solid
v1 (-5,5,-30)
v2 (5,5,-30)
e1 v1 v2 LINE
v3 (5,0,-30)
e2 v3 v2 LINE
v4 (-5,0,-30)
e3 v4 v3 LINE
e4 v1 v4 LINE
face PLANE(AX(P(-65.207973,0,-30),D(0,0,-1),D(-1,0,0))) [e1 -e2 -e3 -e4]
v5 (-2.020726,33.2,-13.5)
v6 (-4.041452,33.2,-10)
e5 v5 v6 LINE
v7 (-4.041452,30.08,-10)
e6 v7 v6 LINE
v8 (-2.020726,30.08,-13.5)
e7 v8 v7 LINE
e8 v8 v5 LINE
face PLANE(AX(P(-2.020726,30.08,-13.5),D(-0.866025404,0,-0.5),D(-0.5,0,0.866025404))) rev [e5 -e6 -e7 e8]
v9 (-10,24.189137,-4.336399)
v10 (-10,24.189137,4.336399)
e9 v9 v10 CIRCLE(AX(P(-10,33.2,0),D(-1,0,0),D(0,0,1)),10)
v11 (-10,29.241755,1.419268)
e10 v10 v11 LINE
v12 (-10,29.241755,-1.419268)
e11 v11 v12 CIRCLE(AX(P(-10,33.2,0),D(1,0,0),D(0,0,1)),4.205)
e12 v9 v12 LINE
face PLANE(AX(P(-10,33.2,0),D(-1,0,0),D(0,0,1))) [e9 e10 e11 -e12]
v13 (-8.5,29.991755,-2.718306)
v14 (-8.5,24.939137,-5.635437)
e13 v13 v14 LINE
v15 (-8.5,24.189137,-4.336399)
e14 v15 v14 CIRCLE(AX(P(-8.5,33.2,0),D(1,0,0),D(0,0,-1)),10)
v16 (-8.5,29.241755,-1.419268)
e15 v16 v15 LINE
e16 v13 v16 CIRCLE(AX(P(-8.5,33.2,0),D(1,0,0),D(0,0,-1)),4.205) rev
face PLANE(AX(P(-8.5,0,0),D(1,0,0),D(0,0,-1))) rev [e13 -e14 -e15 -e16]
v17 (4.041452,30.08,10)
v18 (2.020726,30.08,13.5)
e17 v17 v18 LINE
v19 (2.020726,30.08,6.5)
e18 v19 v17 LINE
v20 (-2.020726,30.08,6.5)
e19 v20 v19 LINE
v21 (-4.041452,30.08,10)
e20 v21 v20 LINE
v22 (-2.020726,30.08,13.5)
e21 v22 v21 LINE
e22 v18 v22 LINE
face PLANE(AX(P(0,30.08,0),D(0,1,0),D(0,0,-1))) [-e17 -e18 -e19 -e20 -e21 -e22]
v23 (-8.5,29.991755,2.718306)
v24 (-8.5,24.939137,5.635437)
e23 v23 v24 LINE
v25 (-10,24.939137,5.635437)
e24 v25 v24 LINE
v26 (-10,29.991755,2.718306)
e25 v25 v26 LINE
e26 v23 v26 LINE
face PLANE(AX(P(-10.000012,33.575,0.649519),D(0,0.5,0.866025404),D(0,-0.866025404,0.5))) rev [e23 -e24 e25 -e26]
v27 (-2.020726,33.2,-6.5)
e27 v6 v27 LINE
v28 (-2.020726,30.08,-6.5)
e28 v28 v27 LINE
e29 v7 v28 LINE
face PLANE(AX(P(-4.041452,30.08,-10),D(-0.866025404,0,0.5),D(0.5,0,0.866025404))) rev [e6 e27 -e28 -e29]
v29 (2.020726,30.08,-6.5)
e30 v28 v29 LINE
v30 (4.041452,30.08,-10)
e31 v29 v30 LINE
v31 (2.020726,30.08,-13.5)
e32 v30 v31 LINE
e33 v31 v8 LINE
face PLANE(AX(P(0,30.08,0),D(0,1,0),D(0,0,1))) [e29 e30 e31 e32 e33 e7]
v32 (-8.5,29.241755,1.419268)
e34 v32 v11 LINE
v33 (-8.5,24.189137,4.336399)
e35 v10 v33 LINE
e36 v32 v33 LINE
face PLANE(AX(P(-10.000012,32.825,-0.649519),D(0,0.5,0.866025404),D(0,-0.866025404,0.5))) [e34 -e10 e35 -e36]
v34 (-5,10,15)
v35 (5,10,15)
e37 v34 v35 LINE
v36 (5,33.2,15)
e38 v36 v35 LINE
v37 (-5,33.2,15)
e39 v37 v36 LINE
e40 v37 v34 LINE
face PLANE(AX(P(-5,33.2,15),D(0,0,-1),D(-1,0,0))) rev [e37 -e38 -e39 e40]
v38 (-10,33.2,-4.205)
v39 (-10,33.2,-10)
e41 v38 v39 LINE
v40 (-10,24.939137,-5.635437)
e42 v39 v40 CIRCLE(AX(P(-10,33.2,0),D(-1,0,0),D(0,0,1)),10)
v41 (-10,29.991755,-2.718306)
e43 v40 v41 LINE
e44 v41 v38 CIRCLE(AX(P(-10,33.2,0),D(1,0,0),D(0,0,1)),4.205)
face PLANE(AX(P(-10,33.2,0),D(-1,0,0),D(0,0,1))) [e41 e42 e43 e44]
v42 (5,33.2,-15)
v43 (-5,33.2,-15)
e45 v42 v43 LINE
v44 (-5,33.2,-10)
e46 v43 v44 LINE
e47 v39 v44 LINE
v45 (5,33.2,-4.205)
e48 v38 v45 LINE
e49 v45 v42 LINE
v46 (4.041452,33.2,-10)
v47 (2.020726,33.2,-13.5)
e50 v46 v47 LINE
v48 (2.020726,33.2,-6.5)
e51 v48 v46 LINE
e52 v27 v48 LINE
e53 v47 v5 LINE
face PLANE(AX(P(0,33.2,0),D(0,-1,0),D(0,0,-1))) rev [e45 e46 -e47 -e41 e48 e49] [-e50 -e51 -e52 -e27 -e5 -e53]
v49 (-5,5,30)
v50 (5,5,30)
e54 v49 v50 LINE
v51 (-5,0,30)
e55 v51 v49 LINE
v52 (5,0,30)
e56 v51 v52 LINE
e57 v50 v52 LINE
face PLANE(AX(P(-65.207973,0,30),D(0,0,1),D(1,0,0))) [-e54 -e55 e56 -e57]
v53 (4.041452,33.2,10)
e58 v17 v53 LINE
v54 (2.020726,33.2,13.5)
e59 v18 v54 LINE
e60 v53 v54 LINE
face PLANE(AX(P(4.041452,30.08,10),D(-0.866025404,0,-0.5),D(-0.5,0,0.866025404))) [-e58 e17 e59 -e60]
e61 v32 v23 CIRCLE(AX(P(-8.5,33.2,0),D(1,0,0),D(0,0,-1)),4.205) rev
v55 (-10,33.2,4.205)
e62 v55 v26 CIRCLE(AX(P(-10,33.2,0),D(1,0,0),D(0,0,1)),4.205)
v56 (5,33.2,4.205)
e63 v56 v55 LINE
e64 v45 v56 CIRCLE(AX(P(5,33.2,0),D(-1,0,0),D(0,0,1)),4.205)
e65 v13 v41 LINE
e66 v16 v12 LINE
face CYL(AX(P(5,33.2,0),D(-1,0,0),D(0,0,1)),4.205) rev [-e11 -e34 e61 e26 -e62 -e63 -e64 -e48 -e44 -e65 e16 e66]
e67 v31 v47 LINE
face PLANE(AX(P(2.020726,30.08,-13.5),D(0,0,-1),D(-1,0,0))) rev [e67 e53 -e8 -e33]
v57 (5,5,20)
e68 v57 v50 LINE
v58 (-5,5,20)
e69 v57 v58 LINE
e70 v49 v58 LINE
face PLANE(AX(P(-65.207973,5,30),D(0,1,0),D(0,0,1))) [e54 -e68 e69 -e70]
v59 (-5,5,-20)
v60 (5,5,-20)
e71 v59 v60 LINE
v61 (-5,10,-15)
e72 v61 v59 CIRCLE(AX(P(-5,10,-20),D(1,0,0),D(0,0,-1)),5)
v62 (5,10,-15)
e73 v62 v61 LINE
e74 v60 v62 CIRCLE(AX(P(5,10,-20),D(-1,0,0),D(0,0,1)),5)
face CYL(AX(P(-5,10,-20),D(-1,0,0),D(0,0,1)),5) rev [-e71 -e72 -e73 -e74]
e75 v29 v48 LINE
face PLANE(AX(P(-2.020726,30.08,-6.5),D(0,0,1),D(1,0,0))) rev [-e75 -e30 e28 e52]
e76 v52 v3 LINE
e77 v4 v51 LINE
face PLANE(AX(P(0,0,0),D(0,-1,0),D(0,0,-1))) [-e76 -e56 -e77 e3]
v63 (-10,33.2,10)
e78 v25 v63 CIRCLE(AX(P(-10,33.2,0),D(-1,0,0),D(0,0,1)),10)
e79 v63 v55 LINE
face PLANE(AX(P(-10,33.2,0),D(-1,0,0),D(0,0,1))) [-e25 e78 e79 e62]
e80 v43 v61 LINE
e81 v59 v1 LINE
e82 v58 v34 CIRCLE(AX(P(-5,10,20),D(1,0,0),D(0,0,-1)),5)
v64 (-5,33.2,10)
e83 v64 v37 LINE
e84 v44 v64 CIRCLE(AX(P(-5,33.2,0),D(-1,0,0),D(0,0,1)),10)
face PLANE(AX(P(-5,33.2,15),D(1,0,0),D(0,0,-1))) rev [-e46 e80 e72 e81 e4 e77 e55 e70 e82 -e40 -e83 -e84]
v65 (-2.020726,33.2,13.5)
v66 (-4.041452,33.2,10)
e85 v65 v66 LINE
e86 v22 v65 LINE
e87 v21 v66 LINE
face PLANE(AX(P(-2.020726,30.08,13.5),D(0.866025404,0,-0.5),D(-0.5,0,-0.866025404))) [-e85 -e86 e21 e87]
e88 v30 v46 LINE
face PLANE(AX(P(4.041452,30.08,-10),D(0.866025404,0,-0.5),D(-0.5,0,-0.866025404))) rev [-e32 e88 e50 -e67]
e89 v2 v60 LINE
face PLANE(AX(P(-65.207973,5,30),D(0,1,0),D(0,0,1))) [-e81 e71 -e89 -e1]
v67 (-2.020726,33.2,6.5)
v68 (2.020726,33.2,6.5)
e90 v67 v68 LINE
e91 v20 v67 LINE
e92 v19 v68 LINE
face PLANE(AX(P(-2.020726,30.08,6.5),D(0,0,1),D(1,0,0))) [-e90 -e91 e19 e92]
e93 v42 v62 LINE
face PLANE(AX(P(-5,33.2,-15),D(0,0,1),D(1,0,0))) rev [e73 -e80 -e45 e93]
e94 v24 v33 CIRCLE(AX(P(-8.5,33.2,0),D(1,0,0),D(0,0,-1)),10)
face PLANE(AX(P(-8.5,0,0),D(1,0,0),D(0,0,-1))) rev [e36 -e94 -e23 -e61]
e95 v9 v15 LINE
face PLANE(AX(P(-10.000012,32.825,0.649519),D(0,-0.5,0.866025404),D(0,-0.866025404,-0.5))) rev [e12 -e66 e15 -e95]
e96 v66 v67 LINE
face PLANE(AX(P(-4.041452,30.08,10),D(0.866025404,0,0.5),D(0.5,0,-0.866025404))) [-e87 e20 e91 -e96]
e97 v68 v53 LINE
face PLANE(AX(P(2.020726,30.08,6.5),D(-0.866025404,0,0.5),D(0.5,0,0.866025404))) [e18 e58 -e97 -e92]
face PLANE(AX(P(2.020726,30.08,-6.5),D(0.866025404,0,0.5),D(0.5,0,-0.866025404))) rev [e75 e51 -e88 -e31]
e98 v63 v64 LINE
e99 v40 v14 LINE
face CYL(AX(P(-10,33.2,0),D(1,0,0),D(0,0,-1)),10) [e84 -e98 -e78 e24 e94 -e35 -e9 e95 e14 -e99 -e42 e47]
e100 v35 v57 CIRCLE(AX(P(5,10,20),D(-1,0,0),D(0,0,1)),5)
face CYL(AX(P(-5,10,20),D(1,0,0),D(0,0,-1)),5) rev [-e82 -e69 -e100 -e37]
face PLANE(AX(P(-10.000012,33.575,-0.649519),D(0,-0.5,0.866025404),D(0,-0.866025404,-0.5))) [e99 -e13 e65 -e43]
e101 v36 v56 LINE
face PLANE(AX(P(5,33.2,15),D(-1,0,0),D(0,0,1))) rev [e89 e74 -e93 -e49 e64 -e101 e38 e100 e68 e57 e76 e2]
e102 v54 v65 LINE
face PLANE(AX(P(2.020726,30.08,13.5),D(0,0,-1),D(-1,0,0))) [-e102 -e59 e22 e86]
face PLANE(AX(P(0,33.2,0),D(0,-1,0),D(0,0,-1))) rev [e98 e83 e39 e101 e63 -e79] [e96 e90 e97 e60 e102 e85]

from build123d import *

# Parameters (mm, degrees)
SKETCH1_W                    = 10
SKETCH1_H                    = 30
BOSS_EXTRUDE1_DEPTH          = 33.2
SKETCH2_R                    = 4.205
CUT_EXTRUDE1_DEPTH           = 38.778830051
CUT_EXTRUDE2_DEPTH           = 3.12
SKETCH4_W                    = 60
SKETCH4_H                    = 5
BOSS_EXTRUDE2_DEPTH          = 10
FILLET1_R                    = 5
BOSS_EXTRUDE3_START          = 5
BOSS_EXTRUDE3_DEPTH          = 5
CUT_EXTRUDE_THIN1_DEPTH      = 48.19364364
CUT_EXTRUDE_THIN1_DEPTH_BACK = 1.5
CUT_EXTRUDE_THIN2_DEPTH      = 48.19364364
CUT_EXTRUDE_THIN2_DEPTH_BACK = 1.5


with BuildPart() as part:
    # Sketch1 → Boss-Extrude1 (new body)
    with BuildSketch(Plane(origin=(0, 0, 0), x_dir=(1, 0, 0), z_dir=(0, 1, 0))):
        Rectangle(SKETCH1_W, SKETCH1_H)
    extrude(amount=BOSS_EXTRUDE1_DEPTH)

    # Sketch2 → Cut-Extrude1 (cut, through all)
    with BuildSketch(Plane.ZY.offset(5)):
        with Locations((0, 33.2)):
            Circle(SKETCH2_R)
    extrude(amount=-CUT_EXTRUDE1_DEPTH, mode=Mode.SUBTRACT)

    # Sketch3 → Cut-Extrude2 (cut)
    with BuildSketch(Plane(origin=(0, 33.2, 0), x_dir=(1, 0, 0), z_dir=(0, 1, 0))):
        Polygon((2.020725942, 6.5), (4.041451884, 10), (2.020725942, 13.5), (-2.020725942, 13.5), (-4.041451884, 10), (-2.020725942, 6.5), align=None)
    cut_extrude2 = extrude(amount=-CUT_EXTRUDE2_DEPTH, mode=Mode.SUBTRACT)

    # Mirror1: Cut-Extrude2 across plane
    add(cut_extrude2.mirror(Plane.XY), mode=Mode.SUBTRACT)

    # Sketch4 → Boss-Extrude2 (add)
    with BuildSketch(Plane(origin=(5, 0, 0), x_dir=(0, 0, -1), z_dir=(1, 0, 0))):
        with Locations((0, 2.5)):
            Rectangle(SKETCH4_W, SKETCH4_H)
    extrude(amount=-BOSS_EXTRUDE2_DEPTH)

    # Fillet1
    fillet1_edges = [part.edges().sort_by_distance(p)[0] for p in [
        (0, 5, -15),
        (0, 5, 15),
    ]]
    fillet(fillet1_edges, radius=FILLET1_R)

    # Sketch5 → Boss-Extrude3 (add)
    with BuildSketch(Plane.ZY.offset(5).offset(BOSS_EXTRUDE3_START)):
        with BuildLine():
            Line((-10, 33.2), (-4.205, 33.2))
            ThreePointArc((-4.205, 33.2), (0, 28.995), (4.205, 33.2))
            Line((4.205, 33.2), (10, 33.2))
            ThreePointArc((10, 33.2), (0, 23.2), (-10, 33.2))
        make_face()
    extrude(amount=-BOSS_EXTRUDE3_DEPTH)

    # Sketch6 → Cut-Extrude-Thin1 (cut, two sides: drawn at the far end of the back side and taken through both)
    with BuildSketch(Plane.ZY.offset(10).offset(-CUT_EXTRUDE_THIN1_DEPTH_BACK)):
        Polygon((-0.649519053, 32.825), (4.350480947, 24.164745962), (5.649519053, 24.914745962), (0.649519053, 33.575), align=None)
    extrude(amount=CUT_EXTRUDE_THIN1_DEPTH + CUT_EXTRUDE_THIN1_DEPTH_BACK, mode=Mode.SUBTRACT)

    # Sketch7 → Cut-Extrude-Thin2 (cut, two sides: drawn at the far end of the back side and taken through both)
    with BuildSketch(Plane.ZY.offset(10).offset(-CUT_EXTRUDE_THIN2_DEPTH_BACK)):
        Polygon((-0.649519053, 33.575), (-5.649519053, 24.914745962), (-4.350480947, 24.164745962), (0.649519053, 32.825), align=None)
    extrude(amount=CUT_EXTRUDE_THIN2_DEPTH + CUT_EXTRUDE_THIN2_DEPTH_BACK, mode=Mode.SUBTRACT)


solid = part.part
